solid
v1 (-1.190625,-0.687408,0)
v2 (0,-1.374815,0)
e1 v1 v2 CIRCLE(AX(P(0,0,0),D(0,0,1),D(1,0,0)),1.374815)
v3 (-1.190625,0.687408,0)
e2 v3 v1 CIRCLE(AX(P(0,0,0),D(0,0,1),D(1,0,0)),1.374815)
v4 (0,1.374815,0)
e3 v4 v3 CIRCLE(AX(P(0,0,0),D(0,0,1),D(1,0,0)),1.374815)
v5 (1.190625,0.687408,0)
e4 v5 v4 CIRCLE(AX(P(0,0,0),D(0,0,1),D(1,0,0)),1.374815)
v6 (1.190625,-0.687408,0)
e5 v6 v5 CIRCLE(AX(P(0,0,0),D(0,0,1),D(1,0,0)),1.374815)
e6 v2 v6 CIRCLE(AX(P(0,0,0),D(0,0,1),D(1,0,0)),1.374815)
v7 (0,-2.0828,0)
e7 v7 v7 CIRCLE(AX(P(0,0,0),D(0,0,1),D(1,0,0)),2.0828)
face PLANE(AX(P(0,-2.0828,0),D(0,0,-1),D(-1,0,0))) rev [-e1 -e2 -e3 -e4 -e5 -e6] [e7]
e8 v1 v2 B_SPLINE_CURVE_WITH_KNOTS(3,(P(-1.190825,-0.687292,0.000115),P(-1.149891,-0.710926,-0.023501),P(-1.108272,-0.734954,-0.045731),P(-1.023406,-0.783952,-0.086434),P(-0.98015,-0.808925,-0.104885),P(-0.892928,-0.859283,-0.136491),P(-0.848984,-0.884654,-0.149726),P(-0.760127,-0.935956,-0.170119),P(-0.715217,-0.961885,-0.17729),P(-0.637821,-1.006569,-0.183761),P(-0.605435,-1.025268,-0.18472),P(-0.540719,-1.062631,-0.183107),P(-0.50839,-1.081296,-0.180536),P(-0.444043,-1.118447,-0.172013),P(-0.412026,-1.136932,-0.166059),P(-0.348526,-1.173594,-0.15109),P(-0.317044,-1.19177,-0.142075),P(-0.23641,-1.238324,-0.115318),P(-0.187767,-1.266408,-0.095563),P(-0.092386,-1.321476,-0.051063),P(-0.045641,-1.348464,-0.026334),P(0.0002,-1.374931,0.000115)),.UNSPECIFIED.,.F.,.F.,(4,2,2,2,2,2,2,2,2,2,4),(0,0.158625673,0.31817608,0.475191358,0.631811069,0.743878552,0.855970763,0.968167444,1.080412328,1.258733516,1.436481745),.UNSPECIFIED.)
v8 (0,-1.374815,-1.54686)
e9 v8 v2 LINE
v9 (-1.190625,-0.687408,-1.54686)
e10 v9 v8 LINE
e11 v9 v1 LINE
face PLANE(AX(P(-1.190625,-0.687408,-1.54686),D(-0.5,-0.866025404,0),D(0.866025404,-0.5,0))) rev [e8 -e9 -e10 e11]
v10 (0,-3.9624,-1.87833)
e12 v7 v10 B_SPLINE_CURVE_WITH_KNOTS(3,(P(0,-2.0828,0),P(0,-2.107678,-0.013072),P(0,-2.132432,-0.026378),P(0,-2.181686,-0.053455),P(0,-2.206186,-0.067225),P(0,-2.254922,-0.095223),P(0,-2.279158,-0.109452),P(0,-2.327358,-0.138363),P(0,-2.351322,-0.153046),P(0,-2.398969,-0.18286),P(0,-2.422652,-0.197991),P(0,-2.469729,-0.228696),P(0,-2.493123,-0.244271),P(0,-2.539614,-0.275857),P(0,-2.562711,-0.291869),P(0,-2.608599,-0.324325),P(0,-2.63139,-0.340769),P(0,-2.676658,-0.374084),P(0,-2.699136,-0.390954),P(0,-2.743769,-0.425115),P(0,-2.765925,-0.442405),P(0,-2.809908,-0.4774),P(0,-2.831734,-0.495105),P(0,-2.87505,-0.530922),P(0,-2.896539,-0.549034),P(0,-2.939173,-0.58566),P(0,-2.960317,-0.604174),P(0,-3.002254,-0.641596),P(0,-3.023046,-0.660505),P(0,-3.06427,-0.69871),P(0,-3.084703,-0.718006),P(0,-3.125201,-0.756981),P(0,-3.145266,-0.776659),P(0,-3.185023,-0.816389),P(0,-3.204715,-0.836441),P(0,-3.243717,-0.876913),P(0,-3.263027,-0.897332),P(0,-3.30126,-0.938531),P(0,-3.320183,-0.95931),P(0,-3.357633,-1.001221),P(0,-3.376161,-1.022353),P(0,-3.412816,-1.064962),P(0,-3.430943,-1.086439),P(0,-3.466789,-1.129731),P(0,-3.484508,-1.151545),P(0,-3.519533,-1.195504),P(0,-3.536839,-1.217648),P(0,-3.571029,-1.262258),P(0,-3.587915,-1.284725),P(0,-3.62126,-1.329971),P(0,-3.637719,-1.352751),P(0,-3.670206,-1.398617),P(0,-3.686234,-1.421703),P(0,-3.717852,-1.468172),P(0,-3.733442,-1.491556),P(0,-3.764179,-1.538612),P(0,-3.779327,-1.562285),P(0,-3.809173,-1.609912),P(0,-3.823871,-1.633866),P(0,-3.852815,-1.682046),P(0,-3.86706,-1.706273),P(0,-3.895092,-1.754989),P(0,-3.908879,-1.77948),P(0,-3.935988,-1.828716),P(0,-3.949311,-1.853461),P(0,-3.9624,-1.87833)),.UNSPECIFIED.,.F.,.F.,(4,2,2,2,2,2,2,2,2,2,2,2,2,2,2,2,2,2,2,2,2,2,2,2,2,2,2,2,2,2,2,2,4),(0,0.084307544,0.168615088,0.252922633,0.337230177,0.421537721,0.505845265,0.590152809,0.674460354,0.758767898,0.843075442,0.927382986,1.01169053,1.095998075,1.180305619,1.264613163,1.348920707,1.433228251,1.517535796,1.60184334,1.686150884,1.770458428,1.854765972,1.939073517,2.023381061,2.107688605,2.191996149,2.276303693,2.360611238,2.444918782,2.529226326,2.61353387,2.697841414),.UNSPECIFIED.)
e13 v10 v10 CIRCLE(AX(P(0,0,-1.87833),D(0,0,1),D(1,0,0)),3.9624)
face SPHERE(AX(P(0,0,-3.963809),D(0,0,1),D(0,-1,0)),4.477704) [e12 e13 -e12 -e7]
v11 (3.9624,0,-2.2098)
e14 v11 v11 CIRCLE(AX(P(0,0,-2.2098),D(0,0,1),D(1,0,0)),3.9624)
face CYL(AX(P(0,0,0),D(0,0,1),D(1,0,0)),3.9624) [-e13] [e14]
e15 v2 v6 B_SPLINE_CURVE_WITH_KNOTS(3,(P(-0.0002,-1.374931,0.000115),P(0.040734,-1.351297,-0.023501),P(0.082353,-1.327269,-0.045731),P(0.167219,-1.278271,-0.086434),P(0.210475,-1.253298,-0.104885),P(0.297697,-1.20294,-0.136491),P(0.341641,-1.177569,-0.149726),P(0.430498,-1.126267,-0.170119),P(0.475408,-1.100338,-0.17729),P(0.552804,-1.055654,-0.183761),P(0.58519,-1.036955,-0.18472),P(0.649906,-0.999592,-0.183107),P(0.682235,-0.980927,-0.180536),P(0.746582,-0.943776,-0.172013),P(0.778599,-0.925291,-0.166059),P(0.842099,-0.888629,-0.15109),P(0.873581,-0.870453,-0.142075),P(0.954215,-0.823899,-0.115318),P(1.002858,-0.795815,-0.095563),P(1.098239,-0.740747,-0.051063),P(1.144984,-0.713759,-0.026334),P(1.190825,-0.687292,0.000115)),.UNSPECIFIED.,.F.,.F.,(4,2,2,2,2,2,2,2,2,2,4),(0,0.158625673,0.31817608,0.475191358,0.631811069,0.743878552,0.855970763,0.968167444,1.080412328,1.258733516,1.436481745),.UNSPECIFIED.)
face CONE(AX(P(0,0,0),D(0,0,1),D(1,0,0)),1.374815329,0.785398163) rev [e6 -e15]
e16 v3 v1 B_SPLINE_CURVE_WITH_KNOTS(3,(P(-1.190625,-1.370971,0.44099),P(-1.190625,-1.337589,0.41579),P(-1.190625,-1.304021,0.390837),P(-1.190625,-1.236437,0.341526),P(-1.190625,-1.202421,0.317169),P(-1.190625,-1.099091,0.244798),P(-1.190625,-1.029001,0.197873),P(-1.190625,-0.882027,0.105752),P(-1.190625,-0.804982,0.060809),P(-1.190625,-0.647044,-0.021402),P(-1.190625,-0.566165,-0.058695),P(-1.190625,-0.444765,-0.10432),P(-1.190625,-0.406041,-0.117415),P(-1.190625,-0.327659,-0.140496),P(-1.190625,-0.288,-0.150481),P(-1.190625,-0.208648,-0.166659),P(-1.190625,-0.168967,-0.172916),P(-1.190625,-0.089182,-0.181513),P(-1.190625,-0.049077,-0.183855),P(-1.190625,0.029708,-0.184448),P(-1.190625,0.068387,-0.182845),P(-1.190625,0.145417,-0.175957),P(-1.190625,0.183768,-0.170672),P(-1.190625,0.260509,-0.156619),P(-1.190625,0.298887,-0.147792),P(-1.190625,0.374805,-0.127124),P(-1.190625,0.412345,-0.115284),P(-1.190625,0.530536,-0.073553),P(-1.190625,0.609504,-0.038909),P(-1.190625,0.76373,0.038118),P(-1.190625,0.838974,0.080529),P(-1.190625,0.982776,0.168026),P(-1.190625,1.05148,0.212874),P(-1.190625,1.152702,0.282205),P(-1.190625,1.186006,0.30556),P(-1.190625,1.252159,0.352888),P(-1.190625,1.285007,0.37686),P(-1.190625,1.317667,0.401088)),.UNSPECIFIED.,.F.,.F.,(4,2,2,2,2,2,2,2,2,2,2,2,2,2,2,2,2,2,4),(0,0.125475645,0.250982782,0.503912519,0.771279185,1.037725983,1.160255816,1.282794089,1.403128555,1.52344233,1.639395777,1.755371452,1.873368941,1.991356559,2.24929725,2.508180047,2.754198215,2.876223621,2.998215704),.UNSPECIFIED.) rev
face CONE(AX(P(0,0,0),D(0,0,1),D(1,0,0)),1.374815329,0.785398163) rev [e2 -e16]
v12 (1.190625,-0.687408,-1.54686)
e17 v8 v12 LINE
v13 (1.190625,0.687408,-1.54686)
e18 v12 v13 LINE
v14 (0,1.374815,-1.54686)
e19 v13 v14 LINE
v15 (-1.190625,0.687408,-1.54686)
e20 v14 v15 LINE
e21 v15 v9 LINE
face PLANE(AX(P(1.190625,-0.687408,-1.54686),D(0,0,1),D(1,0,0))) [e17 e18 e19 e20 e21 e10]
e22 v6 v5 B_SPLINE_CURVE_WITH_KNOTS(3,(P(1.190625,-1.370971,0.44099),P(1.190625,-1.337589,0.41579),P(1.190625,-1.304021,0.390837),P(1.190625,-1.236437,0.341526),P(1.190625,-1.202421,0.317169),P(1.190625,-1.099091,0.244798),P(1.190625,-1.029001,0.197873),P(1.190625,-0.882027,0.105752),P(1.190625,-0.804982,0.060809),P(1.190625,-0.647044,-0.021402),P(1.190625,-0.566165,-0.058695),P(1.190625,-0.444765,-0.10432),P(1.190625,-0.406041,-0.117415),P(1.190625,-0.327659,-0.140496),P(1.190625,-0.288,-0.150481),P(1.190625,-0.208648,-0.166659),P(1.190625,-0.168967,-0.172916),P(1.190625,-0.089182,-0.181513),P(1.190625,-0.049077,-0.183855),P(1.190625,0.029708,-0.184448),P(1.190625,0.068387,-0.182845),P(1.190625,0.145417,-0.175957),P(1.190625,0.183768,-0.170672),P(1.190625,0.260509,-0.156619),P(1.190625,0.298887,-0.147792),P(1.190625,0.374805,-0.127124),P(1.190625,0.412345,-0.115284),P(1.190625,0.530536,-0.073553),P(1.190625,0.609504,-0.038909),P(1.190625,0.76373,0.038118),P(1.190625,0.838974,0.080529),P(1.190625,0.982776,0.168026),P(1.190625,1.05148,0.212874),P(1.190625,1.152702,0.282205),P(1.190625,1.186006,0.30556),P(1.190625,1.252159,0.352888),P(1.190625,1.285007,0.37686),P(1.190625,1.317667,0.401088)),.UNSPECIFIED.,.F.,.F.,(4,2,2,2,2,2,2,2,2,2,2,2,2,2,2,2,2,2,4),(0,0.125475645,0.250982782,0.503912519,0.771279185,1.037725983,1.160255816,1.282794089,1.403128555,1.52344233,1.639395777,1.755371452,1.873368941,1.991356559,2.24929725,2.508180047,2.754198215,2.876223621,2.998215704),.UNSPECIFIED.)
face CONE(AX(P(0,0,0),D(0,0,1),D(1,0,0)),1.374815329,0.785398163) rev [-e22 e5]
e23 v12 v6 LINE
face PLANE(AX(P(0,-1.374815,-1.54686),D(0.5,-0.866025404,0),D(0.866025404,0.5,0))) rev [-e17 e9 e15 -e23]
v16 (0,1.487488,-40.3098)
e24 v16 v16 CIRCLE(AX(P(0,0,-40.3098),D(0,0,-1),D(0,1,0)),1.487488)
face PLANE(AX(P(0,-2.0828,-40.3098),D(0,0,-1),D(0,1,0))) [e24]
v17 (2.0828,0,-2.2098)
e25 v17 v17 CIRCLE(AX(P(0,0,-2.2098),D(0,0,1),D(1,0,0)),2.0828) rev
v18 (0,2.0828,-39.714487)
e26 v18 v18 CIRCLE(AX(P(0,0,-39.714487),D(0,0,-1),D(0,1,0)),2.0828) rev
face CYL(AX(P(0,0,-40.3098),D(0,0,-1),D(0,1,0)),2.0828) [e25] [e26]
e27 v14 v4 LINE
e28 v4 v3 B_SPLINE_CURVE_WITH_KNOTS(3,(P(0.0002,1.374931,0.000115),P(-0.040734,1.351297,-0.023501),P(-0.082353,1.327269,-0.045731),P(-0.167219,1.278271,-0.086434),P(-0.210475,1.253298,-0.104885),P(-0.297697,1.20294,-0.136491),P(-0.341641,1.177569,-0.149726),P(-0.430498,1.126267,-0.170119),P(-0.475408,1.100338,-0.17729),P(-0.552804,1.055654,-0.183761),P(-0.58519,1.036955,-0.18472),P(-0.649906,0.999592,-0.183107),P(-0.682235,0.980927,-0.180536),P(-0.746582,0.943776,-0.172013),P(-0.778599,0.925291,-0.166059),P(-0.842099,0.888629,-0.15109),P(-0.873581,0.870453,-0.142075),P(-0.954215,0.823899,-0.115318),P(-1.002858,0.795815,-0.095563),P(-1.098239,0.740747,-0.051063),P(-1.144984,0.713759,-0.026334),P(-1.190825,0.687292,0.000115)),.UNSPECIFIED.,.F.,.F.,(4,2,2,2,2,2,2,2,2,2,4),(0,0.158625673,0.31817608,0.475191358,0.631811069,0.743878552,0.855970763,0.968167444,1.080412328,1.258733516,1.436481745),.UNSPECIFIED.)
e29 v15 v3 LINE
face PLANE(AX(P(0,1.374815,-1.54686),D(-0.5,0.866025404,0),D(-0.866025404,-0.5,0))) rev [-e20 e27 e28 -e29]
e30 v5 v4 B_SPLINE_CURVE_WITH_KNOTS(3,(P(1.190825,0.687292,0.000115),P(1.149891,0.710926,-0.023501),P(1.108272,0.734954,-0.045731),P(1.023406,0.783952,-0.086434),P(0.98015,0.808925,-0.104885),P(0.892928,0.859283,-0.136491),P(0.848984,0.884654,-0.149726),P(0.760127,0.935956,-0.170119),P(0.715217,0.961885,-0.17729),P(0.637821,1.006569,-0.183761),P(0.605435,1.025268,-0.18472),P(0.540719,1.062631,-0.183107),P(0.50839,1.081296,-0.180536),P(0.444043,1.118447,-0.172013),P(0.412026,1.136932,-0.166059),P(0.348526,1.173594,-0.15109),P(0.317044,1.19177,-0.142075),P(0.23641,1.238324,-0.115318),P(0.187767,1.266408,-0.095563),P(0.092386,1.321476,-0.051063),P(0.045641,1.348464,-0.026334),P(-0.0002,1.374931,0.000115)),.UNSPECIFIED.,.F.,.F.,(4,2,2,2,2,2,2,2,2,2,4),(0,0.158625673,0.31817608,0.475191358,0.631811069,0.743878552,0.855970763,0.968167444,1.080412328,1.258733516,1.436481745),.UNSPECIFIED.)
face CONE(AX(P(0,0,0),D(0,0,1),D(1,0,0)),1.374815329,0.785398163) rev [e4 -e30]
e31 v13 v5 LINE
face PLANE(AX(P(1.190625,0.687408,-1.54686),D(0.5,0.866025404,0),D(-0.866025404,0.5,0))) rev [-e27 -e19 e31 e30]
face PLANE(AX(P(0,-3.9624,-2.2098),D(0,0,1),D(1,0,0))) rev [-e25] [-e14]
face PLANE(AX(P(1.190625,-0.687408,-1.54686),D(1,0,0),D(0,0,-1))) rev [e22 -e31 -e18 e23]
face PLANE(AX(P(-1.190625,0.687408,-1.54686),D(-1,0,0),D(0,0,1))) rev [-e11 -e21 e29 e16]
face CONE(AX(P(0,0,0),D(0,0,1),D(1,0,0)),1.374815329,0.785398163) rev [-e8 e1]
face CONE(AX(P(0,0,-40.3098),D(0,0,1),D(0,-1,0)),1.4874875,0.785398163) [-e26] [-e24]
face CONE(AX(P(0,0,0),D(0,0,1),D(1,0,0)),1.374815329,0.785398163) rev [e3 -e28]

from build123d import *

# Parameters (mm, degrees)
SKETCH1_W          = 38.1
SKETCH1_H          = 2.0828
CHAMFER1_SIZE      = 0.5953125
CUT_EXTRUDE2_DEPTH = 1.54686


with BuildPart() as part:
    # Sketch1 → Revolve1 (revolve)
    with BuildSketch(Plane(origin=(0, 0, 0), x_dir=(0, 0, -1), z_dir=(1, 0, 0))):
        with Locations((21.2598, 1.0414)):
            Rectangle(SKETCH1_W, SKETCH1_H)
    revolve(axis=Axis((0, 0, -40.3098), (0, 0, 1)))

    # Chamfer1
    chamfer1_edges = [part.edges().sort_by_distance(p)[0] for p in [
        (0, -2.0828, -40.3098),
    ]]
    chamfer(chamfer1_edges, length=CHAMFER1_SIZE)

    # Sketch7 → Revolve2 (revolve)
    with BuildSketch(Plane(origin=(0, 0, 0), x_dir=(0, 0, -1), z_dir=(1, 0, 0))):
        with BuildLine():
            Line((1.87833, 3.9624), (2.2098, 3.9624))
            Line((2.2098, 3.9624), (2.2098, 0))
            Line((2.2098, 0), (0, 0))
            Line((0, 0), (0, 2.0828))
            ThreePointArc((0, 2.0828), (0.796523813, 3.165144808), (1.87833, 3.9624))
        make_face()
    revolve(axis=Axis((0, 0, 0), (0, 0, -1)))

    # Sketch5 → Cut-Extrude2 (cut)
    with BuildSketch(Plane.XY):
        Polygon((1.190625, -0.687407664), (1.190625, 0.687407664), (0, 1.374815329), (-1.190625, 0.687407664), (-1.190625, -0.687407664), (0, -1.374815329), align=None)
    extrude(amount=-CUT_EXTRUDE2_DEPTH, mode=Mode.SUBTRACT)

    # Cut-Extrude3 cone 1 section (through the dimple's axis) → Cut-Extrude3 (revolve, cut)
    with BuildSketch(Plane(origin=(0, 0, 0), x_dir=(0, -1, 0), z_dir=(1, 0, 0))):
        Polygon((0, 0), (1.374815329, 0), (0, 1.374815329), align=None)
    revolve(axis=Axis((0, 0, 0), (0, 0, -1)), mode=Mode.SUBTRACT)


solid = part.part
